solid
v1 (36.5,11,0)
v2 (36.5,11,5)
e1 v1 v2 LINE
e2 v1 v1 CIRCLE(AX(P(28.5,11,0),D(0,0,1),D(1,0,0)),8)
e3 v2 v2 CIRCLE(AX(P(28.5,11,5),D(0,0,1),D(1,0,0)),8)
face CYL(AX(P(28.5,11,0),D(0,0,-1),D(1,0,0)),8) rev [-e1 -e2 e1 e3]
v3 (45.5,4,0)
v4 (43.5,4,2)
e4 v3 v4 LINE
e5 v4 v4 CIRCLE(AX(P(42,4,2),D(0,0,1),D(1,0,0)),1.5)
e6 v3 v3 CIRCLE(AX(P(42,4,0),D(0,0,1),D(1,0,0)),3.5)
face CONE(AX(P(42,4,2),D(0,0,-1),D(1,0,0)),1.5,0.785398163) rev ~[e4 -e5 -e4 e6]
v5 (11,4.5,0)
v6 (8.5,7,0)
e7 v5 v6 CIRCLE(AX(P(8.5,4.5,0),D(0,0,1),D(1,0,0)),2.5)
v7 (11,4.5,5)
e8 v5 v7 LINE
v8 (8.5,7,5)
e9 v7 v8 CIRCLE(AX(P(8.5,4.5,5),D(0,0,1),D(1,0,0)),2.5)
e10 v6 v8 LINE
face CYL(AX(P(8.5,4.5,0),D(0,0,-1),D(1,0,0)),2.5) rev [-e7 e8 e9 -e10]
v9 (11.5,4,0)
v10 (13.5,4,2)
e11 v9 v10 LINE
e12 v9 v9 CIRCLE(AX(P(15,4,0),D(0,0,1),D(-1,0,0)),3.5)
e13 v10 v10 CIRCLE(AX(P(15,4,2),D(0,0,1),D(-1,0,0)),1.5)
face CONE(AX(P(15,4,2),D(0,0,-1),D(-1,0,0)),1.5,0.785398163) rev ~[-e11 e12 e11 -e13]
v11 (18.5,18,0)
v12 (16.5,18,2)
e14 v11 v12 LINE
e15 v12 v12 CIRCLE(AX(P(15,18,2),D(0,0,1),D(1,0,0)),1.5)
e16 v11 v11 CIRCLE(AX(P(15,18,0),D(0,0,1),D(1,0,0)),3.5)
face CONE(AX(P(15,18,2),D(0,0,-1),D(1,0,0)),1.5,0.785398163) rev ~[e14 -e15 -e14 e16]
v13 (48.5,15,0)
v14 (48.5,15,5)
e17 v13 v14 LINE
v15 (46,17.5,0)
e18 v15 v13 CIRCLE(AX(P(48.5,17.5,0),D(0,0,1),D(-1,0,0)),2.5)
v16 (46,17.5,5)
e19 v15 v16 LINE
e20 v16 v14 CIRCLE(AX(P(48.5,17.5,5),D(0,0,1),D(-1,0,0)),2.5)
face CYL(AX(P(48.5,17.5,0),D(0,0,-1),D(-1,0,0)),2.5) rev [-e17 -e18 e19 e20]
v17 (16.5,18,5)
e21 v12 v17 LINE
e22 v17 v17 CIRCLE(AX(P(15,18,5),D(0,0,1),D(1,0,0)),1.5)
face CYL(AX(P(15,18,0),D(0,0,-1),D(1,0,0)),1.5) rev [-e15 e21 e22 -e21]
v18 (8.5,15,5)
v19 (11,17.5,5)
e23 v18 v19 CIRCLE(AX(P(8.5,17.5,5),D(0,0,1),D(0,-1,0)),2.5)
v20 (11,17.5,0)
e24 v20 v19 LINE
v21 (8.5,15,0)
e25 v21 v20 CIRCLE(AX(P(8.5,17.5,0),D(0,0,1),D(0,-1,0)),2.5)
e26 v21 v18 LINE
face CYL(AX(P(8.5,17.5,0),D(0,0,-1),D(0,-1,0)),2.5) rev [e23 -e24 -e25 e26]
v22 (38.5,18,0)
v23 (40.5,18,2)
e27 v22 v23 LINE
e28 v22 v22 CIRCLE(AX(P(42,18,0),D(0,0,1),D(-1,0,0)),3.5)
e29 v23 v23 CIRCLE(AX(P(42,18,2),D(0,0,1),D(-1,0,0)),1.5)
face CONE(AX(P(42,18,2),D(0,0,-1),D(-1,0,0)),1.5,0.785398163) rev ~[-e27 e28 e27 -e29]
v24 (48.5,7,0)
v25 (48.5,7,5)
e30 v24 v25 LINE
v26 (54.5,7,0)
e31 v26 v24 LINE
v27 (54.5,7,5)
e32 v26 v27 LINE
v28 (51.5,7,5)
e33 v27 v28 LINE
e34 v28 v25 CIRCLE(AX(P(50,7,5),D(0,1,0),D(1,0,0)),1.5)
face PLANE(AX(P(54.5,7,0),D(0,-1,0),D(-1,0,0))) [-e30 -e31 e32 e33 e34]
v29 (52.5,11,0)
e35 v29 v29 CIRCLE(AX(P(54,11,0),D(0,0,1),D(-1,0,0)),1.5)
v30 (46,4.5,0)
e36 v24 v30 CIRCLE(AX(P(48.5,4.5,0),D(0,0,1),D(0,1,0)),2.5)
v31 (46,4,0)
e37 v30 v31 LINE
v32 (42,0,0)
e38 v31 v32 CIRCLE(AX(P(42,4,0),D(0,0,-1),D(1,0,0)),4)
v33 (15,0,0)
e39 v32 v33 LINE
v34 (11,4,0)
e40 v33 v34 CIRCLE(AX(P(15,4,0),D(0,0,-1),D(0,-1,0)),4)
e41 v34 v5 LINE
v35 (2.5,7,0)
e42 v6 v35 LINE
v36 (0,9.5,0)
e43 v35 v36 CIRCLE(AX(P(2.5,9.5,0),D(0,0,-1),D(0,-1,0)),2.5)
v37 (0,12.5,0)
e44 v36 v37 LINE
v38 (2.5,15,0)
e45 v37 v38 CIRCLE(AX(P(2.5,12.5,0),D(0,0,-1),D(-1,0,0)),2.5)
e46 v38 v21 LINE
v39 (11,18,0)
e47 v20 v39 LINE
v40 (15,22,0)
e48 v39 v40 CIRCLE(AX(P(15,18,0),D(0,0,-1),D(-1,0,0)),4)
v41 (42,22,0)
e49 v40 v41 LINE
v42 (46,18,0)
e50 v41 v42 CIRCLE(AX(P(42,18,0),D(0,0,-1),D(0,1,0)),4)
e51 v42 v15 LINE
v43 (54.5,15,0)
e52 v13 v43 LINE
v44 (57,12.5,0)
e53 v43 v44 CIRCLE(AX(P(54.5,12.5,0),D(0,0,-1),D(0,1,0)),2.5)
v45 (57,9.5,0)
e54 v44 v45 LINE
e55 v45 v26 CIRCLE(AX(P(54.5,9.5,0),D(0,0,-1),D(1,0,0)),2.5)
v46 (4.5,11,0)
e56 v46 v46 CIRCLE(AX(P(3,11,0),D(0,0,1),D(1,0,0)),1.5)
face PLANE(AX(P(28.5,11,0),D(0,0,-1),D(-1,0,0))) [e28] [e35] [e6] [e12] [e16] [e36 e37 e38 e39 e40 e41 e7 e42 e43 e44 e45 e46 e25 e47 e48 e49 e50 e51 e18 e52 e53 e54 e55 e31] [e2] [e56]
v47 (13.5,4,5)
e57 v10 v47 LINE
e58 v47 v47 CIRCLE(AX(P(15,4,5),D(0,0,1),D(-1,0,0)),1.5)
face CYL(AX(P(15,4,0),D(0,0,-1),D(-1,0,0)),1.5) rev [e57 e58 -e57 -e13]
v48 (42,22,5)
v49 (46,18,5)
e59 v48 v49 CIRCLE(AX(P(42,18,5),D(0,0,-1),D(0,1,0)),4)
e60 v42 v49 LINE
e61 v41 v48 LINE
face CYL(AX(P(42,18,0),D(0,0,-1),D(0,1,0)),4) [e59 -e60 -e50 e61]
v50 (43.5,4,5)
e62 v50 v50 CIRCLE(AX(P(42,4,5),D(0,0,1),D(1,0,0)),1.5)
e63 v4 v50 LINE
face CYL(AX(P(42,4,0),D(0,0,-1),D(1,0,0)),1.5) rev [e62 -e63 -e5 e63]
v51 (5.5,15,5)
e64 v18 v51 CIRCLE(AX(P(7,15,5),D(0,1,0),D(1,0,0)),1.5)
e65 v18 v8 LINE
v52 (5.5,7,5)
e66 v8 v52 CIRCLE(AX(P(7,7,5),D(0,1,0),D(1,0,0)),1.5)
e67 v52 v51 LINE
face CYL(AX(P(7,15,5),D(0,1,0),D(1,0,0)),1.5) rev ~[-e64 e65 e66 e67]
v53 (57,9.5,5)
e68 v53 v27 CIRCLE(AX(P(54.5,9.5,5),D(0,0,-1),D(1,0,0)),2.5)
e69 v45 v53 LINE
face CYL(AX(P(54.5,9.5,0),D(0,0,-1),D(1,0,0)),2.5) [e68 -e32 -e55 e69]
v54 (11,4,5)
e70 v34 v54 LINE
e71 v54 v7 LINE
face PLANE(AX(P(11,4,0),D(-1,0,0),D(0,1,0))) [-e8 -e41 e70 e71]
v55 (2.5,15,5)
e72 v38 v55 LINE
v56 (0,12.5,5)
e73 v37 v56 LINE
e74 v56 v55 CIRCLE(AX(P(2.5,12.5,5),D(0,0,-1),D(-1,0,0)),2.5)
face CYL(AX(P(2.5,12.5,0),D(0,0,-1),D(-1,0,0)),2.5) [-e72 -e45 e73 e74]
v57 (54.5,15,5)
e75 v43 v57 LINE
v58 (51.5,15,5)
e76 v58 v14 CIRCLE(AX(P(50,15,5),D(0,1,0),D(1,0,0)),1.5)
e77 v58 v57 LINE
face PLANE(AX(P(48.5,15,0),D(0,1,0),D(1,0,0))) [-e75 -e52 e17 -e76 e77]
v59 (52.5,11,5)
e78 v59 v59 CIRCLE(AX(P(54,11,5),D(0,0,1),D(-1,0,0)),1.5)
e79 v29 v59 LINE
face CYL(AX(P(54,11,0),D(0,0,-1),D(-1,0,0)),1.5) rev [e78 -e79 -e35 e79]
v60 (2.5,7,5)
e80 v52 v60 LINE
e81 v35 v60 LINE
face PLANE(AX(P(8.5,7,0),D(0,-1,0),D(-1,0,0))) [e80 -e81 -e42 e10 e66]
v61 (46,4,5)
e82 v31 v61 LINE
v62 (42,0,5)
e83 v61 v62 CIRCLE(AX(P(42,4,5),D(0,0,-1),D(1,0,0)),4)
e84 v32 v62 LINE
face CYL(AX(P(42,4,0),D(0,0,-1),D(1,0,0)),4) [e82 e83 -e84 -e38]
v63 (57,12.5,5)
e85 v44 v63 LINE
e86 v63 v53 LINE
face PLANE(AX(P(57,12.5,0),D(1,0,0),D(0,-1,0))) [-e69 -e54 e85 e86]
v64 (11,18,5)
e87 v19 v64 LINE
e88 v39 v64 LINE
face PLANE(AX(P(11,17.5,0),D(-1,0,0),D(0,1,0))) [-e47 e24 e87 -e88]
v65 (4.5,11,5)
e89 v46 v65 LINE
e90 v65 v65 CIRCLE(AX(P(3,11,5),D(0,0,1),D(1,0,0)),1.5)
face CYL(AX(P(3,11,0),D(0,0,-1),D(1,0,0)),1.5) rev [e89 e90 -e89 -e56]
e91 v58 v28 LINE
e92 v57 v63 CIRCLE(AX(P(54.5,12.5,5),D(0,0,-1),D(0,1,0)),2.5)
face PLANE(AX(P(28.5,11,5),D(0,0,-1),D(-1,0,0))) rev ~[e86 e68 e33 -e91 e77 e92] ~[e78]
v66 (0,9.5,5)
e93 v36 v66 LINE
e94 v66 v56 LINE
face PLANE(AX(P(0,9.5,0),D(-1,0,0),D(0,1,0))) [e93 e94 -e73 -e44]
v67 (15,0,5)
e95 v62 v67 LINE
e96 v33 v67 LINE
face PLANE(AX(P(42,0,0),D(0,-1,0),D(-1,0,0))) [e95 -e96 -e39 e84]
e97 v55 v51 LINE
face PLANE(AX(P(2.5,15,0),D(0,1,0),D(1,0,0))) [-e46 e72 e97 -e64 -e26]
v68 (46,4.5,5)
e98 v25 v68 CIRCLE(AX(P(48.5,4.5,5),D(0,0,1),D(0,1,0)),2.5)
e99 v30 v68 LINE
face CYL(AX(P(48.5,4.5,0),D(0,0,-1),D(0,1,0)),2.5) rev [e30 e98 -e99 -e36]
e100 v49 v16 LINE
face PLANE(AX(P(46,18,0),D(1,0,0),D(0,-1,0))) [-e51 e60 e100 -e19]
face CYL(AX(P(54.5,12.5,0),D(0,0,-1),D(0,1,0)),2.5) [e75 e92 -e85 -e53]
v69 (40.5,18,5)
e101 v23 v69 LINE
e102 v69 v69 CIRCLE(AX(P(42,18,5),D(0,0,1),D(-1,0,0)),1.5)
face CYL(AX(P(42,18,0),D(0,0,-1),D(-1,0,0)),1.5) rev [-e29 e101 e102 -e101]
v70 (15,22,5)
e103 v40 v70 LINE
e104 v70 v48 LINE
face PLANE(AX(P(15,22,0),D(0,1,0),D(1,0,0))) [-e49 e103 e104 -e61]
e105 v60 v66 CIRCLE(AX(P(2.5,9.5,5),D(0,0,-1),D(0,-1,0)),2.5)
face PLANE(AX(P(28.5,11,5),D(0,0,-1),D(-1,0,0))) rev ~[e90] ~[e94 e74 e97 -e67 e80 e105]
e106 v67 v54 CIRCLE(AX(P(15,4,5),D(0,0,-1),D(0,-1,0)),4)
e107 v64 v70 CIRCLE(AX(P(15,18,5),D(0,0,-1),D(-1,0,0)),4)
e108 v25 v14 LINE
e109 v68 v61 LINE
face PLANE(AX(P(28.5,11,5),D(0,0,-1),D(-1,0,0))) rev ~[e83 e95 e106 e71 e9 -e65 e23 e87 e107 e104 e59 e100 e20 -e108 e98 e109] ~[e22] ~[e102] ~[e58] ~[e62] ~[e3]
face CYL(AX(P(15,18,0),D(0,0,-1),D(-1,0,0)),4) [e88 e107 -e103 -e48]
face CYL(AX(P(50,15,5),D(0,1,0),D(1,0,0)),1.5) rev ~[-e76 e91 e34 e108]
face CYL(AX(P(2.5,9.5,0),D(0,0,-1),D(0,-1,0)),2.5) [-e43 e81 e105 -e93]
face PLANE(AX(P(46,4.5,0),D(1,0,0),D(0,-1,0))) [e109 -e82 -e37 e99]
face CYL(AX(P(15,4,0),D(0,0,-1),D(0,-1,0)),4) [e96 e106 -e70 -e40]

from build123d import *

# Parameters (mm, degrees)
SKETCH_1_R          = 8
SKETCH_1_R_2        = 1.5
EXTRUDE_1_DEPTH     = 5
SKETCH_2_R          = 1.5
CUT_EXTRUDE_1_DEPTH = 11.5
CHAMFER_1_SIZE      = 2


with BuildPart() as part:
    # 草图1 → 凸台-拉伸1 (new body)
    with BuildSketch(Plane.XY):
        with BuildLine():
            Line((2.5, 15), (8.5, 15))
            ThreePointArc((8.5, 15), (10.267766953, 15.732233047), (11, 17.5))
            Line((11, 17.5), (11, 18))
            ThreePointArc((11, 18), (12.171572875, 20.828427125), (15, 22))
            Line((15, 22), (42, 22))
            ThreePointArc((42, 22), (44.828427125, 20.828427125), (46, 18))
            Line((46, 18), (46, 17.5))
            ThreePointArc((46, 17.5), (46.732233047, 15.732233047), (48.5, 15))
            Line((48.5, 15), (54.5, 15))
            ThreePointArc((54.5, 15), (56.267766953, 14.267766953), (57, 12.5))
            Line((57, 12.5), (57, 9.5))
            ThreePointArc((57, 9.5), (56.267766953, 7.732233047), (54.5, 7))
            Line((54.5, 7), (48.5, 7))
            ThreePointArc((48.5, 7), (46.732233047, 6.267766953), (46, 4.5))
            Line((46, 4.5), (46, 4))
            ThreePointArc((46, 4), (44.828427125, 1.171572875), (42, 0))
            Line((42, 0), (15, 0))
            ThreePointArc((15, 0), (12.171572875, 1.171572875), (11, 4))
            Line((11, 4), (11, 4.5))
            ThreePointArc((11, 4.5), (10.267766953, 6.267766953), (8.5, 7))
            Line((8.5, 7), (2.5, 7))
            ThreePointArc((2.5, 7), (0.732233047, 7.732233047), (0, 9.5))
            Line((0, 9.5), (0, 12.5))
            ThreePointArc((0, 12.5), (0.732233047, 14.267766953), (2.5, 15))
        make_face()
        with Locations((28.5, 11)):
            Circle(SKETCH_1_R, mode=Mode.SUBTRACT)
        with Locations((15, 18)):
            Circle(SKETCH_1_R_2, mode=Mode.SUBTRACT)
        with Locations(Location((15, 4, 0), (0, 0, 180))):
            Circle(SKETCH_1_R_2, mode=Mode.SUBTRACT)
        with Locations(Location((42, 18, 0), (0, 0, 180))):
            Circle(SKETCH_1_R_2, mode=Mode.SUBTRACT)
        with Locations((42, 4)):
            Circle(SKETCH_1_R_2, mode=Mode.SUBTRACT)
        with Locations((3, 11)):
            Circle(SKETCH_1_R_2, mode=Mode.SUBTRACT)
        with Locations(Location((54, 11, 0), (0, 0, 180))):
            Circle(SKETCH_1_R_2, mode=Mode.SUBTRACT)
    extrude(amount=EXTRUDE_1_DEPTH)

    # 草图2 → 切除-拉伸1 (cut)
    with BuildSketch(Plane(origin=(0, 15, 0), x_dir=(1, 0, 0), z_dir=(0, 1, 0))):
        with Locations((7, -5)):
            Circle(SKETCH_2_R)
        with Locations((50, -5)):
            Circle(SKETCH_2_R)
    extrude(amount=-CUT_EXTRUDE_1_DEPTH, mode=Mode.SUBTRACT)

    # 倒角1
    chamfer_1_edges = [part.edges().sort_by_distance(p)[0] for p in [
        (13.5, 18, 0),
        (16.5, 4, 0),
        (43.5, 18, 0),
        (40.5, 4, 0),
    ]]
    chamfer(chamfer_1_edges, length=CHAMFER_1_SIZE)


solid = part.part
